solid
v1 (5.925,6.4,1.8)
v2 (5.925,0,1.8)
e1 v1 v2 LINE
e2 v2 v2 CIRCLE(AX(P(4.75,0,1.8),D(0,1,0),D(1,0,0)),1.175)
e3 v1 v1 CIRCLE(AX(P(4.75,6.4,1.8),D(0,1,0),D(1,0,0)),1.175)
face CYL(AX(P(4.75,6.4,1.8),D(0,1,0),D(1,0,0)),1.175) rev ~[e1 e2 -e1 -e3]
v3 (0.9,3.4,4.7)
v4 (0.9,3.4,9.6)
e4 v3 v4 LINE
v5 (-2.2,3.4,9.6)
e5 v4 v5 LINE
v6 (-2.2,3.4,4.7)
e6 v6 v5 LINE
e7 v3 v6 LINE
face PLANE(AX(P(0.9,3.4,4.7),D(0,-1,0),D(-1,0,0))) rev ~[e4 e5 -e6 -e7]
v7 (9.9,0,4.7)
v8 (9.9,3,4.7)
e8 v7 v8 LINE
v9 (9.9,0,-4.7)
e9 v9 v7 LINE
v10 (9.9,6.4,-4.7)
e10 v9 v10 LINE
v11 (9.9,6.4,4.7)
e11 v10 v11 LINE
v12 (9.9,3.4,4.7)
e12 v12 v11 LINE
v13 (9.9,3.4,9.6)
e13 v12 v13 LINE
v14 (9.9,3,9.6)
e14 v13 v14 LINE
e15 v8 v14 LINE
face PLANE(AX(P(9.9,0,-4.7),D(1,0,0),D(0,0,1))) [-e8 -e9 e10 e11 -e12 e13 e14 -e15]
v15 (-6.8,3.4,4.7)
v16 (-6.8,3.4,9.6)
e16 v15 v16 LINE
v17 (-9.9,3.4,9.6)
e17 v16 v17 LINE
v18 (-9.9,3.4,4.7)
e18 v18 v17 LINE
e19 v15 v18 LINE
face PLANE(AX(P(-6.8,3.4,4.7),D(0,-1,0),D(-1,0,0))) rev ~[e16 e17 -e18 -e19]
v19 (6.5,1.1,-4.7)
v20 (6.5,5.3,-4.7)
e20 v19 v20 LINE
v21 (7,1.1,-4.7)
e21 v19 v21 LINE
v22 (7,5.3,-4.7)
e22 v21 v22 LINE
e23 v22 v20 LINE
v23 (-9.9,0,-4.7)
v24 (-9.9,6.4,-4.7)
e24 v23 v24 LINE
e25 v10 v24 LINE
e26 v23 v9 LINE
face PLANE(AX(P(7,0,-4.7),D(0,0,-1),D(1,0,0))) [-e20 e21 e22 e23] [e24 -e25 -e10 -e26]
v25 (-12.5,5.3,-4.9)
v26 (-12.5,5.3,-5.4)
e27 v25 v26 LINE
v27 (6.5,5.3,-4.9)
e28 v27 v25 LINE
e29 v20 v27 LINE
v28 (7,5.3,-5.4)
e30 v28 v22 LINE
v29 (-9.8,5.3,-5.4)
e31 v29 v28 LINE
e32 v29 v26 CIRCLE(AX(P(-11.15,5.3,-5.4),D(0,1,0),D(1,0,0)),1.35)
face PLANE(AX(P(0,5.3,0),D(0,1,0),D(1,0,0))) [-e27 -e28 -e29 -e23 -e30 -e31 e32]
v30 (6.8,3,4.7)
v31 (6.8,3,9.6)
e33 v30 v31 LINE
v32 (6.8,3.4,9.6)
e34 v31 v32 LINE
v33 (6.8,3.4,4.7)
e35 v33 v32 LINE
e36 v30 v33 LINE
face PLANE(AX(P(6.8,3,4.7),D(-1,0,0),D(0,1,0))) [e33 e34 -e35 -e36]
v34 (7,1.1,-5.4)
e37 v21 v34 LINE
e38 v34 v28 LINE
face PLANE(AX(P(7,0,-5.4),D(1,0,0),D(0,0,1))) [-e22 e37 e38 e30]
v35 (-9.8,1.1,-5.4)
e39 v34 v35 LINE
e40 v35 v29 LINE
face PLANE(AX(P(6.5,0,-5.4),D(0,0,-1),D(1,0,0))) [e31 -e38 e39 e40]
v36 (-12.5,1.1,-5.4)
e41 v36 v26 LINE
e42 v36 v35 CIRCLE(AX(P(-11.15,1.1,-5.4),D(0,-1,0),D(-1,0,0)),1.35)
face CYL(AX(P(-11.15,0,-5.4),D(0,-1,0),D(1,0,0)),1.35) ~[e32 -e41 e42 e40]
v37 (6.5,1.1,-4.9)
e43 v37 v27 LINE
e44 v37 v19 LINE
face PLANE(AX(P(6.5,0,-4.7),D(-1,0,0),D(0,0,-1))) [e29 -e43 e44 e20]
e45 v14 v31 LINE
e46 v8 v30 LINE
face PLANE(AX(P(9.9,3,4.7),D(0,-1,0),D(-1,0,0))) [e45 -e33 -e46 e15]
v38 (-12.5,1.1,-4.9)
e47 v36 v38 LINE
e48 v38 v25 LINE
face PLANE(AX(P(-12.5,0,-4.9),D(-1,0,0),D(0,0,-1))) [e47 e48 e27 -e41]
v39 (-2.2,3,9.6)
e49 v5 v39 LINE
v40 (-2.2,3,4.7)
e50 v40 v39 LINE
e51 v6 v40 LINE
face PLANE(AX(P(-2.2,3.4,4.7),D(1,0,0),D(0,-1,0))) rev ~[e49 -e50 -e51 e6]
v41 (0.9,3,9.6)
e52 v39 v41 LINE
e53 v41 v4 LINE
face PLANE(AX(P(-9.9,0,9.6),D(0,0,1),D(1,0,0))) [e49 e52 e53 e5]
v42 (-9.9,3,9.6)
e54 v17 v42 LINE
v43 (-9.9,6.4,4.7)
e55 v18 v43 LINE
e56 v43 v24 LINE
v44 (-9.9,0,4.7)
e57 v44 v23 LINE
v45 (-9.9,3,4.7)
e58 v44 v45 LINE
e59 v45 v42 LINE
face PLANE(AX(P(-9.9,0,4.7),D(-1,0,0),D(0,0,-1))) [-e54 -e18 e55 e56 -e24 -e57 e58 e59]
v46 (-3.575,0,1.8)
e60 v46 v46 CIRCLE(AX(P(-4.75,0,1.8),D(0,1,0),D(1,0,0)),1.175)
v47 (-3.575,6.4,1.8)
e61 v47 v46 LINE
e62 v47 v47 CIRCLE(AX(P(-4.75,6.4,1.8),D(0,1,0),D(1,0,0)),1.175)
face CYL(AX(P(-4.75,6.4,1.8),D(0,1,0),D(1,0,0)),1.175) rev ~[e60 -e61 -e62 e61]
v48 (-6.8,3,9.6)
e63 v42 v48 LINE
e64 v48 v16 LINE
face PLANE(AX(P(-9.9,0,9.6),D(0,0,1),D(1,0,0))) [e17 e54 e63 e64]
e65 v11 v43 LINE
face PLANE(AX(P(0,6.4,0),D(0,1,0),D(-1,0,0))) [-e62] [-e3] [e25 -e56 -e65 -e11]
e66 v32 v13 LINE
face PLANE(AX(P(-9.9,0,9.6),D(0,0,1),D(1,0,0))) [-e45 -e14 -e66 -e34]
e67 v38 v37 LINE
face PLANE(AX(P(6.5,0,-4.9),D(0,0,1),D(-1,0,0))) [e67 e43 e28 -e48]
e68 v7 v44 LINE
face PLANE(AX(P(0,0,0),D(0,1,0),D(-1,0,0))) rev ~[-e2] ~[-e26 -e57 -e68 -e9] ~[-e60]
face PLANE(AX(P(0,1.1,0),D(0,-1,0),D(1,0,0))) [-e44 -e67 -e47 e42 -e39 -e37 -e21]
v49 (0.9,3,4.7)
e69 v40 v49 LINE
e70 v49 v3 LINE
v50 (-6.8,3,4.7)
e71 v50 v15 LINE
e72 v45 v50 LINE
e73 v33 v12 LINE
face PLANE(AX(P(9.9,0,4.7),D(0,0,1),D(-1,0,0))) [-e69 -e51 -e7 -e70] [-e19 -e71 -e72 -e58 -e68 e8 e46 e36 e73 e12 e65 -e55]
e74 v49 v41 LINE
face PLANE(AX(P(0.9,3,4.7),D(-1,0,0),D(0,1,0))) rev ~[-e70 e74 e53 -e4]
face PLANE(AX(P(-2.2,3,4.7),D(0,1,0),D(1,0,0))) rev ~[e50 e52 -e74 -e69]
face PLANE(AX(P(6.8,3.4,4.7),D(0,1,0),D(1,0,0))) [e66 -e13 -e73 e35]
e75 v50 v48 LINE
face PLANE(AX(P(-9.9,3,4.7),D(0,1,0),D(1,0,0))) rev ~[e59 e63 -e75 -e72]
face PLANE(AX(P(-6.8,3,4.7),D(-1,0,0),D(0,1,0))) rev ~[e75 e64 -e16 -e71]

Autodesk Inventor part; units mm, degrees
ref_plane "YZ Plane" through (0, 0, 0) normal (1, 0, 0) x (0, 1, 0)
ref_plane "XZ Plane" through (0, 0, 0) normal (0, 1, 0) x (-1, 0, 0)
ref_plane "XY Plane" through (0, 0, 0) normal (0, 0, 1) x (1, 0, 0)
sketch "Sketch1" plane through (0, 0, 0) normal (0, 1, 0) x (-1, 0, 0)
  line L0 (-9.9, 4.7) -> (9.9, 4.7)
  line L1 (9.9, 4.7) -> (9.9, -4.7)
  line L2 (9.9, -4.7) -> (-9.9, -4.7)
  line L3 (-9.9, -4.7) -> (-9.9, 4.7)
  line L4 (-9.9, 4.7) -> (9.9, -4.7) construction
  line L5 (9.9, 4.7) -> (-9.9, -4.7) construction
  line L6 (12.5, -5.4) -> (-6.5, -5.4)
  line L7 (-6.5, -5.4) -> (-6.5, -4.9)
  line L8 (-6.5, -4.9) -> (12.5, -4.9)
  line L9 (12.5, -4.9) -> (12.5, -5.4)
  line L10 (-6.5, -5.4) -> (-7, -5.4)
  line L11 (-7, -5.4) -> (-7, -4.7)
  line L12 (-7, -4.7) -> (-6.5, -4.7)
  line L13 (-6.5, -4.7) -> (-6.5, -5.4)
  arc A0 (12.5, -5.4) -> (9.8, -5.4) centre (11.15, -5.4) ccw construction
  arc A1 (9.8, -5.4) -> (12.5, -5.4) centre (11.15, -5.4) ccw
  point P0 (0, 0)
  point P1 (-7, -5.05)
  dimension "d0" = 19.8
  dimension "d1" = 9.4
  dimension "d2" = 0.5
  dimension "d3" = 0.5
  dimension "d4" = 0.7
  dimension "d5" = 19
  dimension "d6" = 2.7
  dimension "d7" = 2.9
extrude "Extrusion1" add sketch "Sketch1" along normal blind 6.4
sketch "Sketch3" plane through (-9.9, 0, 4.7) normal (0, 0, 1) x (1, 0, 0)
  line L0 (0, 3) -> (3.1, 3)
  line L1 (3.1, 3) -> (3.1, 3.4)
  line L2 (3.1, 3.4) -> (0, 3.4)
  line L3 (0, 3.4) -> (0, 3)
  line L4 (7.7, 3) -> (10.8, 3)
  line L5 (10.8, 3) -> (10.8, 3.4)
  line L6 (10.8, 3.4) -> (7.7, 3.4)
  line L7 (7.7, 3.4) -> (7.7, 3)
  line L8 (16.7, 3.4) -> (19.8, 3.4)
  line L9 (19.8, 3.4) -> (19.8, 3)
  line L10 (19.8, 3) -> (16.7, 3)
  line L11 (16.7, 3) -> (16.7, 3.4)
  line L12 (-2.6, 6.4) -> (16.4, 6.4) projected
  line L13 (19.8, 0) -> (16.9, 0) projected
  line L14 (-2.6, 6.4) -> (19.8, 0) construction
  line L15 (19.8, 0) -> (19.8, 6.4) projected
  line L16 (0, 0) -> (0, 6.4) projected
  point P0 (9.9, 0)
  point P1 (0, 3.2)
  point P2 (8.6, 3.2)
  point P3 (19.8, 3.2)
  dimension "d10" = 3.1
  dimension "d11" = 0.4
  dimension "d12" = 9
extrude "Extrusion2" add sketch "Sketch3" along normal blind 4.9
sketch "Sketch4" plane through (0, 6.4, 0) normal (0, 1, 0) x (1, 0, 0)
  line L0 (-12.5, 5.4) -> (-12.5, 4.9) projected
  line L1 (-12.5, 4.9) -> (6.5, 4.9) projected
  line L2 (6.5, 4.9) -> (6.5, 4.7) projected
  line L3 (6.5, 4.7) -> (-9.9, 4.7) projected
  line L4 (-9.9, 4.7) -> (-9.9, -4.7) projected
  line L5 (-9.9, -4.7) -> (9.9, -4.7) projected
  line L6 (9.9, -4.7) -> (9.9, 4.7) projected
  line L7 (9.9, 4.7) -> (7, 4.7) projected
  line L8 (7, 4.7) -> (7, 5.4) projected
  line L9 (7, 5.4) -> (-9.8, 5.4) projected
  arc A0 (-9.8, 5.4) -> (-12.5, 5.4) centre (-11.15, 5.4) ccw projected
  line L10 (6.5, 4.9) -> (6.5, 4.7) projected
  line L11 (6.5, 4.7) -> (7, 4.7)
  point P0 (0, 0)
extrude "Extrusion3" cut sketch "Sketch4" against normal blind 0.1 contours A0 L9 L8 L11 L2 L1 L0
sketch "Sketch5" plane through (0, 0, 0) normal (0, -1, 0) x (1, 0, 0)
  line L0 (-12.5, -5.4) -> (-12.5, -4.9) projected
  arc A0 (-12.5, -5.4) -> (-9.8, -5.4) centre (-11.15, -5.4) ccw projected
  line L1 (7, -5.4) -> (-9.8, -5.4) projected
  line L2 (7, -4.7) -> (7, -5.4) projected
  line L3 (9.9, -4.7) -> (7, -4.7) projected
  line L4 (9.9, 4.7) -> (9.9, -4.7) projected
  line L5 (-9.9, 4.7) -> (9.9, 4.7) projected
  line L6 (-9.9, -4.7) -> (-9.9, 4.7) projected
  line L7 (6.5, -4.7) -> (-9.9, -4.7) projected
  line L8 (6.5, -4.9) -> (6.5, -4.7) projected
  line L9 (-12.5, -4.9) -> (6.5, -4.9) projected
  line L10 (7, -4.7) -> (6.5, -4.7) projected
  line L11 (7, -4.7) -> (6.5, -4.7)
  point P0 (0, 0)
extrude "Extrusion4" cut sketch "Sketch5" against normal blind 0.1 contours L0 L9 L8 L10 L2 L1 A0
sketch "Sketch6" plane through (0, 6.4, 0) normal (0, 1, 0) x (1, 0, 0)
  circle A0 centre (-4.75, -1.8) radius 1.175
  circle A1 centre (4.75, -1.8) radius 1.175
  line L0 (-4.75, -1.8) -> (4.75, -1.8) construction
  line L1 (-9.9, -4.7) -> (9.9, -4.7) projected
  point P0 (0, 0)
  point P1 (0, -1.8)
  dimension "d19" = 2.35
  dimension "d20" = 9.5
  dimension "d21" = 2.9
extrude "Extrusion5" cut sketch "Sketch6" against normal up to surface (6.4 mm away)
sketch "Sketch7" plane through (0, 6.3, 0) normal (0, 1, 0) x (1, 0, 0)
  line L0 (6.5, 4.7) -> (6.5, 4.9) projected
  line L1 (7, 4.7) -> (6.5, 4.7) projected
  line L2 (7, 5.4) -> (7, 4.7) projected
  line L3 (-9.8, 5.4) -> (7, 5.4) projected
  arc A0 (-9.8, 5.4) -> (-12.5, 5.4) centre (-11.15, 5.4) ccw projected
  line L4 (-12.5, 4.9) -> (-12.5, 5.4) projected
  line L5 (6.5, 4.9) -> (-12.5, 4.9) projected
  point P0 (0, 0)
extrude "Extrusion6" cut sketch "Sketch7" against normal blind 1
sketch "Sketch8" plane through (0, 0.1, 0) normal (0, -1, 0) x (1, 0, 0)
  line L0 (6.5, -4.7) -> (7, -4.7) projected
  line L1 (6.5, -4.9) -> (6.5, -4.7) projected
  line L2 (-12.5, -4.9) -> (6.5, -4.9) projected
  line L3 (-12.5, -5.4) -> (-12.5, -4.9) projected
  arc A0 (-12.5, -5.4) -> (-9.8, -5.4) centre (-11.15, -5.4) ccw projected
  line L4 (7, -5.4) -> (-9.8, -5.4) projected
  line L5 (7, -4.7) -> (7, -5.4) projected
  point P0 (0, 0)
extrude "Extrusion7" cut sketch "Sketch8" against normal blind 1
properties part number "LimitSwitch_V1" material "Acetal Resin, Black"
